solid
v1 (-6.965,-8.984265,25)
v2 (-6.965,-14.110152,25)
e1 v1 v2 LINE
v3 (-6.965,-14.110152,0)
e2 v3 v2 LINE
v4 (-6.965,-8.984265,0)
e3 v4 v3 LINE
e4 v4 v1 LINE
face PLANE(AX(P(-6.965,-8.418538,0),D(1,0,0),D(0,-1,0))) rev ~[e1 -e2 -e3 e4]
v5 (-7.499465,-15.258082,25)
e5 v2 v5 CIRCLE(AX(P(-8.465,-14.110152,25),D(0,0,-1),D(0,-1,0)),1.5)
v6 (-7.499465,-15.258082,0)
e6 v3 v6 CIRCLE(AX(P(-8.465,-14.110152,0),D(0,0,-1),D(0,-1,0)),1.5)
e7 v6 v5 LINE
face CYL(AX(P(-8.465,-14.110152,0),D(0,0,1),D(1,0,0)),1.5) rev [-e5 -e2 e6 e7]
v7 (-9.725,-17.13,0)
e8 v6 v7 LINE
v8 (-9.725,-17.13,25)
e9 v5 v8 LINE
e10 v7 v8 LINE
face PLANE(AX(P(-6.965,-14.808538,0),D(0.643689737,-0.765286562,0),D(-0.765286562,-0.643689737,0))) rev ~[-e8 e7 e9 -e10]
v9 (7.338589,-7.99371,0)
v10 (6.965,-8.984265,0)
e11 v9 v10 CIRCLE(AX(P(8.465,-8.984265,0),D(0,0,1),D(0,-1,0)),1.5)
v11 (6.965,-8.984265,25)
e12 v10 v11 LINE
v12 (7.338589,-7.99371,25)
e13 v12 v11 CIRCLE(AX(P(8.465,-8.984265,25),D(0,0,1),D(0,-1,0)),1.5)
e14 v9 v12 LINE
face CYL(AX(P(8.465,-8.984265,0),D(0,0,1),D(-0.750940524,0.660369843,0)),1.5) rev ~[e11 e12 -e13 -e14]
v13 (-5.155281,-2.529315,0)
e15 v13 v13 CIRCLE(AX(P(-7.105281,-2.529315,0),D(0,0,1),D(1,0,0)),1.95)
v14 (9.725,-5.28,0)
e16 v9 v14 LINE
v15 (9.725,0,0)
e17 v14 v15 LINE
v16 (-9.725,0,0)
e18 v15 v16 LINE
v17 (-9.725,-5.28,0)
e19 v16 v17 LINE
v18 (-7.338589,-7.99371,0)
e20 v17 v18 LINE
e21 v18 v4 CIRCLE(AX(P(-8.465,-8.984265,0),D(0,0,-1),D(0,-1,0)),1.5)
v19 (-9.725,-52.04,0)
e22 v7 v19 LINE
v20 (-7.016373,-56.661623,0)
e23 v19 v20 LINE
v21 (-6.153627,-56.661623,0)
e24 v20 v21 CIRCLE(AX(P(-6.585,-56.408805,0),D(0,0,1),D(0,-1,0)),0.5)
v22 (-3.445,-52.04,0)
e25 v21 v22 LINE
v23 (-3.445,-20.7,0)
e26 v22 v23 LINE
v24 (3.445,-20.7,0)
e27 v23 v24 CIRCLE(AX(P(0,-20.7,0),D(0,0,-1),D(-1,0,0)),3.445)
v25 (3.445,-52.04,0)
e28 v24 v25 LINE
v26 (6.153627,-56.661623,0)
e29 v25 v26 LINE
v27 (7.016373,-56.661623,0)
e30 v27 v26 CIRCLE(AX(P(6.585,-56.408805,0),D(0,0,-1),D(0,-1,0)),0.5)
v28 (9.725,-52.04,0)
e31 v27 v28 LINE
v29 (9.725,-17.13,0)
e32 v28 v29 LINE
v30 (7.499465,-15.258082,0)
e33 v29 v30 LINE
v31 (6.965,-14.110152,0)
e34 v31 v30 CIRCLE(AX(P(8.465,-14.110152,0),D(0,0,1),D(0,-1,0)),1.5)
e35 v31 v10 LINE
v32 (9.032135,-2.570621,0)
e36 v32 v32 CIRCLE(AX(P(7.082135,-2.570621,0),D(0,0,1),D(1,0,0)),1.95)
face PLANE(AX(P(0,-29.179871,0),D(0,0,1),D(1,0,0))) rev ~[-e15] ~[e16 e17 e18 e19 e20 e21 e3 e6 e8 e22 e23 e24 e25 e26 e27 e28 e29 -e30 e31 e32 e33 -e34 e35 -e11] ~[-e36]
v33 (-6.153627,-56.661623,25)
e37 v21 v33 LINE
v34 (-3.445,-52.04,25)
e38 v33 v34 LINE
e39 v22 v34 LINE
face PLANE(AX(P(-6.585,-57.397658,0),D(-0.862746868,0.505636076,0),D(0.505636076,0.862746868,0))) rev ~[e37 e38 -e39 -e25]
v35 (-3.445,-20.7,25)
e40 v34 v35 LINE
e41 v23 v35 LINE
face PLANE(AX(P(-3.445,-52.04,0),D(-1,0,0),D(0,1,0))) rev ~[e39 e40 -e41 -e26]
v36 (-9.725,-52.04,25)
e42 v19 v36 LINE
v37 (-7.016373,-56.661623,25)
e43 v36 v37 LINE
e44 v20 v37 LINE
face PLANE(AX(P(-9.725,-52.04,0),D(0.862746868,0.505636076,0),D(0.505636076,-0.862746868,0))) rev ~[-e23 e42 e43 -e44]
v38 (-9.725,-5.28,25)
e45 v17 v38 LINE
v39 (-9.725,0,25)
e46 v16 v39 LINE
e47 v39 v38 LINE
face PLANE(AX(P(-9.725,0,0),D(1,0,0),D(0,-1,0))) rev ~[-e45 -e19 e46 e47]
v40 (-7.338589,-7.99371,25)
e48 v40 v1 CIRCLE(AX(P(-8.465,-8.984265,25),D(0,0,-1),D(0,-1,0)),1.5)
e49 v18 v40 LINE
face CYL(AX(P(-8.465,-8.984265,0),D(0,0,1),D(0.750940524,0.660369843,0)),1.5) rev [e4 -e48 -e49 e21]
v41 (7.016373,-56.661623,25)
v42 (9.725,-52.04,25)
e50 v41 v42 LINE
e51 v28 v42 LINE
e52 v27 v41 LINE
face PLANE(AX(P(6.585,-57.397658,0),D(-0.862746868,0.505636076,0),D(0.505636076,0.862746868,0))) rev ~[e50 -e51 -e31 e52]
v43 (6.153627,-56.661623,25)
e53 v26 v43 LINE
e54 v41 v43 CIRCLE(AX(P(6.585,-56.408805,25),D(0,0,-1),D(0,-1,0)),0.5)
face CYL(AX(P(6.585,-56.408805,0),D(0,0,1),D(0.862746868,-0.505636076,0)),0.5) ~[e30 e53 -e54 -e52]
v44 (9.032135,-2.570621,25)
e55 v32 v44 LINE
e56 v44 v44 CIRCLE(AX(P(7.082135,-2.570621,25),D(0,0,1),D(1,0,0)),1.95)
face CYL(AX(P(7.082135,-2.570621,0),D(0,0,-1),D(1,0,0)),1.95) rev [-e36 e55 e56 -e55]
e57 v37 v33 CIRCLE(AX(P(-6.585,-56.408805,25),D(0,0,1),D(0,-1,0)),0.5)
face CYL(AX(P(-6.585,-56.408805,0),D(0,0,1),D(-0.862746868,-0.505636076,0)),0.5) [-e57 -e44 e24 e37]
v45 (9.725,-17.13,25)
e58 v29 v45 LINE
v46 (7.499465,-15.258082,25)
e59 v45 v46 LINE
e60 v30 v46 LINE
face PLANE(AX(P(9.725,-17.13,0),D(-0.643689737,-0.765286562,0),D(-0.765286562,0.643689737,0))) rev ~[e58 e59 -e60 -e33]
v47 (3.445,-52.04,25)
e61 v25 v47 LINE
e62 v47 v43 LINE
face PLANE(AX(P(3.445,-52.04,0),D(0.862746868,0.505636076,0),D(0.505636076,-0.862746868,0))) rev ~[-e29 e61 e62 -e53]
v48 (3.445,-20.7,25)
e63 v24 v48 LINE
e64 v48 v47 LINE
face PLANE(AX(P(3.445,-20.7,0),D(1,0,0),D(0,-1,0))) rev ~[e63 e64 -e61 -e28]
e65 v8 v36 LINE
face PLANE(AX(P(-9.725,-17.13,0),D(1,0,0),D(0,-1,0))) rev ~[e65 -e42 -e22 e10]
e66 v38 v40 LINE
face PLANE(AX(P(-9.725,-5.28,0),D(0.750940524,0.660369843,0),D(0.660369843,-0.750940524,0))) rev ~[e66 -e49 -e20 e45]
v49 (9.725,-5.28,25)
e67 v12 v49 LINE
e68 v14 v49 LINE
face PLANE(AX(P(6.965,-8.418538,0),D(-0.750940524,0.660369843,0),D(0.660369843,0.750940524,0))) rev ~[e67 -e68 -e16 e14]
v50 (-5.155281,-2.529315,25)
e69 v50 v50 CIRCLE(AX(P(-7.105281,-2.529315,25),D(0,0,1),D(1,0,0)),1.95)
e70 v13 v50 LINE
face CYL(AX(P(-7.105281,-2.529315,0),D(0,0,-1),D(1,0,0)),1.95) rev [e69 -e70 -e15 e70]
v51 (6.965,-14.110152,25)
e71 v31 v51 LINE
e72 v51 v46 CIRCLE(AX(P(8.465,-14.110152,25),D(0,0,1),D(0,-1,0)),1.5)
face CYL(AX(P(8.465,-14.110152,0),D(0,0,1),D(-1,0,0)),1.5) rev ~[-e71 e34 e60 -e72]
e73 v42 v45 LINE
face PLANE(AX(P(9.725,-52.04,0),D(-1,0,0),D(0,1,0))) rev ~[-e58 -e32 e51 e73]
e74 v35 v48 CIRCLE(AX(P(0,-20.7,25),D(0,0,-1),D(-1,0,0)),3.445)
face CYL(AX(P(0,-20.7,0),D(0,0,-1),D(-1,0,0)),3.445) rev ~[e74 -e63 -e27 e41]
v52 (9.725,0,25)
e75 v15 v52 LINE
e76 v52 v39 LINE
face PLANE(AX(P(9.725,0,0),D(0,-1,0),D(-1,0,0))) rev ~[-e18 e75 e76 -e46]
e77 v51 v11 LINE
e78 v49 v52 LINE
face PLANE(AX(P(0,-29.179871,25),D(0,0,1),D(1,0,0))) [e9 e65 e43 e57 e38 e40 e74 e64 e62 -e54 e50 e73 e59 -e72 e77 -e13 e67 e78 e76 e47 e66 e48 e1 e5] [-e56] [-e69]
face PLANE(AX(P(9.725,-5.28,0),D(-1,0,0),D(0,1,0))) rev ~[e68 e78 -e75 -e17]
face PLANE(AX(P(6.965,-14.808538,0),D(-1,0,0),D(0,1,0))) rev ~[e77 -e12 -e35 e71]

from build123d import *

# Parameters (mm, degrees)
F0_R     = 1.95
F1_DEPTH = 25
F2_R     = 1.5
F3_R     = 0.5


with BuildPart() as f1:
    # F0 (on Top) → F1 (new body)
    with BuildSketch(Plane.XY):
        with BuildLine():
            Line((9.725, 0), (0, 0))
            Line((0, 0), (-9.725, 0))
            Line((-9.725, 0), (-9.725, -5.28))
            Line((-9.725, -5.28), (-6.965, -8.418538))
            Line((-6.965, -8.418538), (-6.965, -14.808538))
            Line((-6.965, -14.808538), (-9.725, -17.13))
            Line((-9.725, -17.13), (-9.725, -52.04))
            Line((-9.725, -52.04), (-6.585, -57.397658))
            Line((-6.585, -57.397658), (-3.445, -52.04))
            Line((-3.445, -52.04), (-3.445, -20.7))
            ThreePointArc((-3.445, -20.7), (0, -17.255), (3.445, -20.7))
            Line((3.445, -20.7), (3.445, -52.04))
            Line((3.445, -52.04), (6.585, -57.397658))
            Line((6.585, -57.397658), (9.725, -52.04))
            Line((9.725, -52.04), (9.725, -17.13))
            Line((9.725, -17.13), (6.965, -14.808538))
            Line((6.965, -14.808538), (6.965, -8.418538))
            Line((6.965, -8.418538), (9.725, -5.28))
            Line((9.725, -5.28), (9.725, 0))
        make_face()
        with Locations((-7.105281, -2.529315)):
            Circle(F0_R, mode=Mode.SUBTRACT)
        with Locations((7.082135, -2.570621)):
            Circle(F0_R, mode=Mode.SUBTRACT)
    extrude(amount=F1_DEPTH)

    # F2
    f2_edges = [f1.edges().sort_by_distance(p)[0] for p in [
        (6.965, -8.418538, 12.5),
        (6.965, -14.808538, 12.5),
        (-6.965, -8.418538, 12.5),
        (-6.965, -14.808538, 12.5),
    ]]
    fillet(f2_edges, radius=F2_R)

    # F3
    f3_edges = [f1.edges().sort_by_distance(p)[0] for p in [
        (-6.585, -57.397658, 12.5),
        (6.585, -57.397658, 12.5),
    ]]
    fillet(f3_edges, radius=F3_R)


solid = f1.part
